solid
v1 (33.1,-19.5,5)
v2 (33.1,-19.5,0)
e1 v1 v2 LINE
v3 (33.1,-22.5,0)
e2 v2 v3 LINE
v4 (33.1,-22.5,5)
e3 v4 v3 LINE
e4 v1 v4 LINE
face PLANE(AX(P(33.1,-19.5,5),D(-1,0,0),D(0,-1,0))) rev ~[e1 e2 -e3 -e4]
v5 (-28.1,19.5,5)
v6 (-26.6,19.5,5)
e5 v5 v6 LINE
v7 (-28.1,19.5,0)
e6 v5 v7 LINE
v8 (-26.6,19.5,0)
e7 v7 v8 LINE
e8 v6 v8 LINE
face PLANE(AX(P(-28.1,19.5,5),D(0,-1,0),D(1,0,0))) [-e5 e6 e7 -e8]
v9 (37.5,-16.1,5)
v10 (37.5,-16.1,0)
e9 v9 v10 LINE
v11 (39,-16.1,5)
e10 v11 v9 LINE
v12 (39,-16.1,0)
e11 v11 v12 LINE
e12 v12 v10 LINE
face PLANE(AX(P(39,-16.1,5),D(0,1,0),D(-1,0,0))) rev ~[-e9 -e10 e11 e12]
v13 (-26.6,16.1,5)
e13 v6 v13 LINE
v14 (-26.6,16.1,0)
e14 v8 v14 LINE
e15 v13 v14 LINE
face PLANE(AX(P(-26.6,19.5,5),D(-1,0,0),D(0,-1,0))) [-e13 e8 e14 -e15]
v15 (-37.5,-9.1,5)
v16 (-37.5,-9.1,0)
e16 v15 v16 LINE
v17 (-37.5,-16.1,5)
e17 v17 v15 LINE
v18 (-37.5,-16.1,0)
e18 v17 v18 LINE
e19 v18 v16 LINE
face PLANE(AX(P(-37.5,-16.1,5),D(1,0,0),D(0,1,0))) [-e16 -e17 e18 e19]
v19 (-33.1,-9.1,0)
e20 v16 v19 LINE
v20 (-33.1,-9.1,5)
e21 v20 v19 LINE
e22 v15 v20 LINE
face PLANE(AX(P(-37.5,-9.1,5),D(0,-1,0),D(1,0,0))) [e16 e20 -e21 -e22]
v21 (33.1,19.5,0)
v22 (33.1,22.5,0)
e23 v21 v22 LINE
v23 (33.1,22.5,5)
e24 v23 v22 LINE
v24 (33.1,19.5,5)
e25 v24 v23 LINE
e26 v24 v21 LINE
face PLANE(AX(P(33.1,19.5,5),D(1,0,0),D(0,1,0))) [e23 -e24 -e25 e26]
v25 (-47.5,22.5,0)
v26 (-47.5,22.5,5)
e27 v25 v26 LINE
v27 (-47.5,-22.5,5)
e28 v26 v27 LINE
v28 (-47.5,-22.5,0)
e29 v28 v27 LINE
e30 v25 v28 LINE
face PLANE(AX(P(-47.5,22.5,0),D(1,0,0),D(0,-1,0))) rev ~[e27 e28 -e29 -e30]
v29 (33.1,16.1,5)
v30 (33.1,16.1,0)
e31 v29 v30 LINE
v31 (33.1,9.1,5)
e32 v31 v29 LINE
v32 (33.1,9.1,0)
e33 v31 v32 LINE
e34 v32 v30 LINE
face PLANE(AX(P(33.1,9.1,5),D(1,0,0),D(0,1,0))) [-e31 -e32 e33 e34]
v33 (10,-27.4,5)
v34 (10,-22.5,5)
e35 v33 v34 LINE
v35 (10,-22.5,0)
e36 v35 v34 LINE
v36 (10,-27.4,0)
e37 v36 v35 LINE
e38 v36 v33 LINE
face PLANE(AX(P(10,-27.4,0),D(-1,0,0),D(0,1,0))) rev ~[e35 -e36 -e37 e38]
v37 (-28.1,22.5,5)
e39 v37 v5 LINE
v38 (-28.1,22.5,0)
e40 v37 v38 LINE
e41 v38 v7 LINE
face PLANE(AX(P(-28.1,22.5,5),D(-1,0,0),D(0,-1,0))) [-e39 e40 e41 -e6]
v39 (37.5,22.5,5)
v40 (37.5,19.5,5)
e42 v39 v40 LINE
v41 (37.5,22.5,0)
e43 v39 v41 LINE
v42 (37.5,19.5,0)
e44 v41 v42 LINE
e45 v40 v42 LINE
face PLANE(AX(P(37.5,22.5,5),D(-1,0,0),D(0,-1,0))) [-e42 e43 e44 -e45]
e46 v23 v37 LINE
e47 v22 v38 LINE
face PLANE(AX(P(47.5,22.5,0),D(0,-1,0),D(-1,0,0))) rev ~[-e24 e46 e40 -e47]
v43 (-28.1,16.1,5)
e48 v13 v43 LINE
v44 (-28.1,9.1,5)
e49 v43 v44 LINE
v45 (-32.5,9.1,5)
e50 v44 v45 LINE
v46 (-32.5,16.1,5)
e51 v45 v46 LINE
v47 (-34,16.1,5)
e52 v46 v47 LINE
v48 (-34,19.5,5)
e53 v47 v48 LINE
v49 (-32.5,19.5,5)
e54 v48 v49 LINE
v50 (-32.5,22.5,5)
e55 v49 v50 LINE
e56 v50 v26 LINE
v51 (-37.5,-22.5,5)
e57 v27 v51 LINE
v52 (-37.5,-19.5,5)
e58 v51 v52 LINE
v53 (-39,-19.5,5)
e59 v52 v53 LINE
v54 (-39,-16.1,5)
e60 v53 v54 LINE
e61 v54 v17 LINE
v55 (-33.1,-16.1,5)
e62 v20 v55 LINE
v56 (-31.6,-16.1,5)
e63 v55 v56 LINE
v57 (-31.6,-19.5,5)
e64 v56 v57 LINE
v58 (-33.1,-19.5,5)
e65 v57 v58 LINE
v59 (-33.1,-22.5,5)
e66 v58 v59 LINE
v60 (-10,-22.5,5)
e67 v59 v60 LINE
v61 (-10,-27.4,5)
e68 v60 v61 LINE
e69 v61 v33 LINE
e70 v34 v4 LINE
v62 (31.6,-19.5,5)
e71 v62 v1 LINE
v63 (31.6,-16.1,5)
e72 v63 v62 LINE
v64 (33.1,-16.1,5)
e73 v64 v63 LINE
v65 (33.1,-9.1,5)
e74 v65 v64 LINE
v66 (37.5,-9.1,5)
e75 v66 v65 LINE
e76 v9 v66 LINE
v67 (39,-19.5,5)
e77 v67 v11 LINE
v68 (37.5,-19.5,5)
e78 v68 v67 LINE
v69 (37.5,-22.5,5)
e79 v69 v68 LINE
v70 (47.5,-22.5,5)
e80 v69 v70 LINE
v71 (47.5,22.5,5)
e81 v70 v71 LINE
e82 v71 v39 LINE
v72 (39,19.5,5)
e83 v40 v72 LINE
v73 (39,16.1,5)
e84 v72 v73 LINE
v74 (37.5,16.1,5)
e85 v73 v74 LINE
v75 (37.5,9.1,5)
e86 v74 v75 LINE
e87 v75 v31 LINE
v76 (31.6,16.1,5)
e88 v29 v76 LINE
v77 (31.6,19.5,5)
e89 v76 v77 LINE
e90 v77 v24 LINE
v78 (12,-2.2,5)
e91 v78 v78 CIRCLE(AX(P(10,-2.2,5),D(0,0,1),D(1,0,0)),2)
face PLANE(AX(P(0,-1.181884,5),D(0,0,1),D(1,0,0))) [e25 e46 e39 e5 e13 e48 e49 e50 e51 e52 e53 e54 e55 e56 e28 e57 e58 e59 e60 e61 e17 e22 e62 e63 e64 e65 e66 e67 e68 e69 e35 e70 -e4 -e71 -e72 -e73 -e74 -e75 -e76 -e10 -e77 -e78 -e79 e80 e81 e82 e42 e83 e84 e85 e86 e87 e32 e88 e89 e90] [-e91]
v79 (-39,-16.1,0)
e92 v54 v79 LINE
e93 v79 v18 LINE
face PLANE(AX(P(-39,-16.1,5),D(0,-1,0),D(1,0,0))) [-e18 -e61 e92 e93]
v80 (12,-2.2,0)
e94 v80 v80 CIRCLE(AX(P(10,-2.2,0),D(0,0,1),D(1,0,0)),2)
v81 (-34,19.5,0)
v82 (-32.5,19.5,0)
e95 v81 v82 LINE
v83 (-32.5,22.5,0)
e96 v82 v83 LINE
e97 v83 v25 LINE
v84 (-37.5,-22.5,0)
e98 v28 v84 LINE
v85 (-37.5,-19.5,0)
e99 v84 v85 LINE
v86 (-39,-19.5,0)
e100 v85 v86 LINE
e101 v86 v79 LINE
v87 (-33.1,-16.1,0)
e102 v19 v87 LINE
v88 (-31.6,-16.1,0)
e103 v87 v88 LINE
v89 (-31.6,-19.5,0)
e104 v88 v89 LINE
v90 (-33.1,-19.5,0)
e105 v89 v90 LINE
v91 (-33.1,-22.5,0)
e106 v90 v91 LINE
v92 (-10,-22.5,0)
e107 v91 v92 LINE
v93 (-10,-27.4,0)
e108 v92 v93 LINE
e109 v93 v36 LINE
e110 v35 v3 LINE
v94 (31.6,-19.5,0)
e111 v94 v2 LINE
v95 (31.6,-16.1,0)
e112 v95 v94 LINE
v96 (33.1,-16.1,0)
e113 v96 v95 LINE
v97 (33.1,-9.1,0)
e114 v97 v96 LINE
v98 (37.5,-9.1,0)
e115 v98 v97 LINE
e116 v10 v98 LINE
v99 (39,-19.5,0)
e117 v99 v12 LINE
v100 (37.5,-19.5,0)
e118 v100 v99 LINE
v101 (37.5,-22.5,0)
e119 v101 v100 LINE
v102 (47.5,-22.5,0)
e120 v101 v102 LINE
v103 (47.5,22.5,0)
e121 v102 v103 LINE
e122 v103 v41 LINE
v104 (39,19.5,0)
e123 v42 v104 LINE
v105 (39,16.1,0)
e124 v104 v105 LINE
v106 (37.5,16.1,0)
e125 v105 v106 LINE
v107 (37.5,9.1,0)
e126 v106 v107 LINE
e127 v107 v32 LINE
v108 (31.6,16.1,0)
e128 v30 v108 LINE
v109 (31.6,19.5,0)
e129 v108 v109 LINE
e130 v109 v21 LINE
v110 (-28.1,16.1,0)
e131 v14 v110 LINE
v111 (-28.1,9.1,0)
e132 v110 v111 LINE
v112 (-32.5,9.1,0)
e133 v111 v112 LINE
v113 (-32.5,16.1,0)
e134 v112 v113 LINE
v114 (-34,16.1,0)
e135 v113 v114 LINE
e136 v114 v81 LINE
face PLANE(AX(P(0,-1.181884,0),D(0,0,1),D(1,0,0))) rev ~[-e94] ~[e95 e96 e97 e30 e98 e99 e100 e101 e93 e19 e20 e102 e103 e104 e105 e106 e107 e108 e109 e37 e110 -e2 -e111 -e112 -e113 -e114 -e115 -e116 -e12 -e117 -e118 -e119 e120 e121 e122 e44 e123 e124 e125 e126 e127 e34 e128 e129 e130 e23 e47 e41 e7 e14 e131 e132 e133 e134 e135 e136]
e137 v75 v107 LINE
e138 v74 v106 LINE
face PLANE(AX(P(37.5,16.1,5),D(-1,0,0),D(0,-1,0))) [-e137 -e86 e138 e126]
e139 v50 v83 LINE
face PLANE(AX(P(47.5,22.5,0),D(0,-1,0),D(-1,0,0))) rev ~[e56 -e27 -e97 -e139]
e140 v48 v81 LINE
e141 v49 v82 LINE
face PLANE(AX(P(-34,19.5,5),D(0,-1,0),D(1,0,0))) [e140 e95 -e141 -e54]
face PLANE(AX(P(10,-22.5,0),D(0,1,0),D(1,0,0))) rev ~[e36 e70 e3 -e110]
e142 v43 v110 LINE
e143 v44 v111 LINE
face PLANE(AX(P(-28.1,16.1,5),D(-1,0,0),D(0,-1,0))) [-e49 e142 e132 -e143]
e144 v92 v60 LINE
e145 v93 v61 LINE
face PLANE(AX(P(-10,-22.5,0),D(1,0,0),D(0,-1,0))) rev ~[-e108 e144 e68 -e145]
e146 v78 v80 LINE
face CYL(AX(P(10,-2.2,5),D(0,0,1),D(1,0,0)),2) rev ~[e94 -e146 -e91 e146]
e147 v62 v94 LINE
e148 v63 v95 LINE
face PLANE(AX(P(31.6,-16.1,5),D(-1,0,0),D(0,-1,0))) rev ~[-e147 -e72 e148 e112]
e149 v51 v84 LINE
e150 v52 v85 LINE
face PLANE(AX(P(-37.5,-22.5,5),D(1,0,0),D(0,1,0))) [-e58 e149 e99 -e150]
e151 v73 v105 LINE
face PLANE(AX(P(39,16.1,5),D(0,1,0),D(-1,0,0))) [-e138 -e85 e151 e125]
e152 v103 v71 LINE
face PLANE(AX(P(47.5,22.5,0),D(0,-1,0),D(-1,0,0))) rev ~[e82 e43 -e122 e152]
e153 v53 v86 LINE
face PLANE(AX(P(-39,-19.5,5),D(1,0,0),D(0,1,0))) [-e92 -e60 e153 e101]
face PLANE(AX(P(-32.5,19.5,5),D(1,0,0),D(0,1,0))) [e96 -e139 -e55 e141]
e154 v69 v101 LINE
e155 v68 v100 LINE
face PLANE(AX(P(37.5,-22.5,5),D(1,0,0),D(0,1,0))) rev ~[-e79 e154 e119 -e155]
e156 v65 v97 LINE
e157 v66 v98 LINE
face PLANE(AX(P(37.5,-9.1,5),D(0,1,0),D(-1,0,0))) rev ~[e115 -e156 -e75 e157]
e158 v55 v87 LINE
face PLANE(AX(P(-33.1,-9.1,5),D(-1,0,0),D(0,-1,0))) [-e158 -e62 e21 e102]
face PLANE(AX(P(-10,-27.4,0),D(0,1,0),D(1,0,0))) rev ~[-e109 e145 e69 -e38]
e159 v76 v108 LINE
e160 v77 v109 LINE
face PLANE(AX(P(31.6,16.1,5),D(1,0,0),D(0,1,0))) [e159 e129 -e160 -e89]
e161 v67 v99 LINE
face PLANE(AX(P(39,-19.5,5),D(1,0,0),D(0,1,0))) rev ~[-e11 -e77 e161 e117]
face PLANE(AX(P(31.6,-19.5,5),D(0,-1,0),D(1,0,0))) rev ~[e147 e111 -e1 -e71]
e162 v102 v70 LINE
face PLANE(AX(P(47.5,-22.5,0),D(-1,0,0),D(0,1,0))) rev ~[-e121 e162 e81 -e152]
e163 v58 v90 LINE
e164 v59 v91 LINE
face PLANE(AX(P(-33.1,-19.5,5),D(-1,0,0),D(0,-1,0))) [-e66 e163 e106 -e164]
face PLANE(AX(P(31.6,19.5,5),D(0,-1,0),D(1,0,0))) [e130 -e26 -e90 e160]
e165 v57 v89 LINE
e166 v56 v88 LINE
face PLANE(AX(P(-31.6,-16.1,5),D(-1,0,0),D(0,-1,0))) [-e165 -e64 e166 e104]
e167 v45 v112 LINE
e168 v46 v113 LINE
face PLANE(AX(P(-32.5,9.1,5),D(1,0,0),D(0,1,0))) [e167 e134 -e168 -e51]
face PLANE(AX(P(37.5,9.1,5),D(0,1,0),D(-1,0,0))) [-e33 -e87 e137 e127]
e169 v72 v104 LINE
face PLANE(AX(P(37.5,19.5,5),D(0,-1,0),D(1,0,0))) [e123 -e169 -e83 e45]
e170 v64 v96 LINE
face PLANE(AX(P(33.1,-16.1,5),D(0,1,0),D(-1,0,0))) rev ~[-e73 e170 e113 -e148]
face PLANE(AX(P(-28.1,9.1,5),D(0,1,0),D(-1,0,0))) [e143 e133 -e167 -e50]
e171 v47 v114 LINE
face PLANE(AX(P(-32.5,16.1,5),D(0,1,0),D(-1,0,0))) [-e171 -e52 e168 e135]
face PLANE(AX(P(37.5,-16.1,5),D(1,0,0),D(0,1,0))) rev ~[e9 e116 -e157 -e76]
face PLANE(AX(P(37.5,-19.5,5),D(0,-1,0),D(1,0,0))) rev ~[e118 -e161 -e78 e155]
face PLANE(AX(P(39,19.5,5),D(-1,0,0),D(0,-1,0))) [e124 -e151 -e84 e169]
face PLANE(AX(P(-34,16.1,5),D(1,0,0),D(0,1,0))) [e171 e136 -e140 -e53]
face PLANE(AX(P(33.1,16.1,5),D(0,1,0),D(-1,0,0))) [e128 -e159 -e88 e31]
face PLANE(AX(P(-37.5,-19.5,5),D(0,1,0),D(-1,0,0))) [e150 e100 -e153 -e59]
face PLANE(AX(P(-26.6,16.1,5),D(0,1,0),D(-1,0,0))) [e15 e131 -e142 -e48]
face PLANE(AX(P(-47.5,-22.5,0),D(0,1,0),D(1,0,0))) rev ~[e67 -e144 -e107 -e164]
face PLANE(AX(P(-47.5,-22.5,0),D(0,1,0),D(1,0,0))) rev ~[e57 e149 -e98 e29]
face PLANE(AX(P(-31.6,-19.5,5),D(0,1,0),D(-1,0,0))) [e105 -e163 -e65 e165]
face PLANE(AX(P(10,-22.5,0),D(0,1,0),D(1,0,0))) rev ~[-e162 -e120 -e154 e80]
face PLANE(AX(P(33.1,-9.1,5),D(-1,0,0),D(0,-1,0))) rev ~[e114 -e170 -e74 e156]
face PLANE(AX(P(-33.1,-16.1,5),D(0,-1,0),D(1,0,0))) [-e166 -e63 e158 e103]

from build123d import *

# Parameters (mm, degrees)
BOSS_EXTRUDE1_DEPTH = 5
CUT_EXTRUDE1_DEPTH  = 5
SKETCH4_R           = 2
CUT_EXTRUDE2_DEPTH  = 5


with BuildPart() as part:
    # Sketch1 → Boss-Extrude1 (new body)
    with BuildSketch(Plane.XY):
        Polygon((10, -22.5), (47.5, -22.5), (47.5, 22.5), (-47.5, 22.5), (-47.5, -22.5), (-10, -22.5), (-10, -27.4), (10, -27.4), align=None)
    extrude(amount=BOSS_EXTRUDE1_DEPTH)

    # Sketch3 → Cut-Extrude1 (cut)
    with BuildSketch(Plane.XY.offset(5)):
        Polygon((-33.1, -19.5), (-33.1, -22.5), (-37.5, -22.5), (-37.5, -19.5), (-39, -19.5), (-39, -16.1), (-37.5, -16.1), (-37.5, -9.1), (-33.1, -9.1), (-33.1, -16.1), (-31.6, -16.1), (-31.6, -19.5), align=None)
        Polygon((37.5, -22.5), (37.5, -19.5), (39, -19.5), (39, -16.1), (37.5, -16.1), (37.5, -9.1), (33.1, -9.1), (33.1, -16.1), (31.6, -16.1), (31.6, -19.5), (33.1, -19.5), (33.1, -22.5), align=None)
        Polygon((33.1, 19.5), (33.1, 22.5), (37.5, 22.5), (37.5, 19.5), (39, 19.5), (39, 16.1), (37.5, 16.1), (37.5, 9.1), (33.1, 9.1), (33.1, 16.1), (31.6, 16.1), (31.6, 19.5), align=None)
        Polygon((-32.5, 19.5), (-32.5, 22.5), (-28.1, 22.5), (-28.1, 19.5), (-26.6, 19.5), (-26.6, 16.1), (-28.1, 16.1), (-28.1, 9.1), (-32.5, 9.1), (-32.5, 16.1), (-34, 16.1), (-34, 19.5), align=None)
    extrude(amount=-CUT_EXTRUDE1_DEPTH, mode=Mode.SUBTRACT)

    # Sketch4 → Cut-Extrude2 (cut)
    with BuildSketch(Plane.XY.offset(5)):
        with Locations((10, -2.2)):
            Circle(SKETCH4_R)
    extrude(amount=-CUT_EXTRUDE2_DEPTH, mode=Mode.SUBTRACT)


solid = part.part
